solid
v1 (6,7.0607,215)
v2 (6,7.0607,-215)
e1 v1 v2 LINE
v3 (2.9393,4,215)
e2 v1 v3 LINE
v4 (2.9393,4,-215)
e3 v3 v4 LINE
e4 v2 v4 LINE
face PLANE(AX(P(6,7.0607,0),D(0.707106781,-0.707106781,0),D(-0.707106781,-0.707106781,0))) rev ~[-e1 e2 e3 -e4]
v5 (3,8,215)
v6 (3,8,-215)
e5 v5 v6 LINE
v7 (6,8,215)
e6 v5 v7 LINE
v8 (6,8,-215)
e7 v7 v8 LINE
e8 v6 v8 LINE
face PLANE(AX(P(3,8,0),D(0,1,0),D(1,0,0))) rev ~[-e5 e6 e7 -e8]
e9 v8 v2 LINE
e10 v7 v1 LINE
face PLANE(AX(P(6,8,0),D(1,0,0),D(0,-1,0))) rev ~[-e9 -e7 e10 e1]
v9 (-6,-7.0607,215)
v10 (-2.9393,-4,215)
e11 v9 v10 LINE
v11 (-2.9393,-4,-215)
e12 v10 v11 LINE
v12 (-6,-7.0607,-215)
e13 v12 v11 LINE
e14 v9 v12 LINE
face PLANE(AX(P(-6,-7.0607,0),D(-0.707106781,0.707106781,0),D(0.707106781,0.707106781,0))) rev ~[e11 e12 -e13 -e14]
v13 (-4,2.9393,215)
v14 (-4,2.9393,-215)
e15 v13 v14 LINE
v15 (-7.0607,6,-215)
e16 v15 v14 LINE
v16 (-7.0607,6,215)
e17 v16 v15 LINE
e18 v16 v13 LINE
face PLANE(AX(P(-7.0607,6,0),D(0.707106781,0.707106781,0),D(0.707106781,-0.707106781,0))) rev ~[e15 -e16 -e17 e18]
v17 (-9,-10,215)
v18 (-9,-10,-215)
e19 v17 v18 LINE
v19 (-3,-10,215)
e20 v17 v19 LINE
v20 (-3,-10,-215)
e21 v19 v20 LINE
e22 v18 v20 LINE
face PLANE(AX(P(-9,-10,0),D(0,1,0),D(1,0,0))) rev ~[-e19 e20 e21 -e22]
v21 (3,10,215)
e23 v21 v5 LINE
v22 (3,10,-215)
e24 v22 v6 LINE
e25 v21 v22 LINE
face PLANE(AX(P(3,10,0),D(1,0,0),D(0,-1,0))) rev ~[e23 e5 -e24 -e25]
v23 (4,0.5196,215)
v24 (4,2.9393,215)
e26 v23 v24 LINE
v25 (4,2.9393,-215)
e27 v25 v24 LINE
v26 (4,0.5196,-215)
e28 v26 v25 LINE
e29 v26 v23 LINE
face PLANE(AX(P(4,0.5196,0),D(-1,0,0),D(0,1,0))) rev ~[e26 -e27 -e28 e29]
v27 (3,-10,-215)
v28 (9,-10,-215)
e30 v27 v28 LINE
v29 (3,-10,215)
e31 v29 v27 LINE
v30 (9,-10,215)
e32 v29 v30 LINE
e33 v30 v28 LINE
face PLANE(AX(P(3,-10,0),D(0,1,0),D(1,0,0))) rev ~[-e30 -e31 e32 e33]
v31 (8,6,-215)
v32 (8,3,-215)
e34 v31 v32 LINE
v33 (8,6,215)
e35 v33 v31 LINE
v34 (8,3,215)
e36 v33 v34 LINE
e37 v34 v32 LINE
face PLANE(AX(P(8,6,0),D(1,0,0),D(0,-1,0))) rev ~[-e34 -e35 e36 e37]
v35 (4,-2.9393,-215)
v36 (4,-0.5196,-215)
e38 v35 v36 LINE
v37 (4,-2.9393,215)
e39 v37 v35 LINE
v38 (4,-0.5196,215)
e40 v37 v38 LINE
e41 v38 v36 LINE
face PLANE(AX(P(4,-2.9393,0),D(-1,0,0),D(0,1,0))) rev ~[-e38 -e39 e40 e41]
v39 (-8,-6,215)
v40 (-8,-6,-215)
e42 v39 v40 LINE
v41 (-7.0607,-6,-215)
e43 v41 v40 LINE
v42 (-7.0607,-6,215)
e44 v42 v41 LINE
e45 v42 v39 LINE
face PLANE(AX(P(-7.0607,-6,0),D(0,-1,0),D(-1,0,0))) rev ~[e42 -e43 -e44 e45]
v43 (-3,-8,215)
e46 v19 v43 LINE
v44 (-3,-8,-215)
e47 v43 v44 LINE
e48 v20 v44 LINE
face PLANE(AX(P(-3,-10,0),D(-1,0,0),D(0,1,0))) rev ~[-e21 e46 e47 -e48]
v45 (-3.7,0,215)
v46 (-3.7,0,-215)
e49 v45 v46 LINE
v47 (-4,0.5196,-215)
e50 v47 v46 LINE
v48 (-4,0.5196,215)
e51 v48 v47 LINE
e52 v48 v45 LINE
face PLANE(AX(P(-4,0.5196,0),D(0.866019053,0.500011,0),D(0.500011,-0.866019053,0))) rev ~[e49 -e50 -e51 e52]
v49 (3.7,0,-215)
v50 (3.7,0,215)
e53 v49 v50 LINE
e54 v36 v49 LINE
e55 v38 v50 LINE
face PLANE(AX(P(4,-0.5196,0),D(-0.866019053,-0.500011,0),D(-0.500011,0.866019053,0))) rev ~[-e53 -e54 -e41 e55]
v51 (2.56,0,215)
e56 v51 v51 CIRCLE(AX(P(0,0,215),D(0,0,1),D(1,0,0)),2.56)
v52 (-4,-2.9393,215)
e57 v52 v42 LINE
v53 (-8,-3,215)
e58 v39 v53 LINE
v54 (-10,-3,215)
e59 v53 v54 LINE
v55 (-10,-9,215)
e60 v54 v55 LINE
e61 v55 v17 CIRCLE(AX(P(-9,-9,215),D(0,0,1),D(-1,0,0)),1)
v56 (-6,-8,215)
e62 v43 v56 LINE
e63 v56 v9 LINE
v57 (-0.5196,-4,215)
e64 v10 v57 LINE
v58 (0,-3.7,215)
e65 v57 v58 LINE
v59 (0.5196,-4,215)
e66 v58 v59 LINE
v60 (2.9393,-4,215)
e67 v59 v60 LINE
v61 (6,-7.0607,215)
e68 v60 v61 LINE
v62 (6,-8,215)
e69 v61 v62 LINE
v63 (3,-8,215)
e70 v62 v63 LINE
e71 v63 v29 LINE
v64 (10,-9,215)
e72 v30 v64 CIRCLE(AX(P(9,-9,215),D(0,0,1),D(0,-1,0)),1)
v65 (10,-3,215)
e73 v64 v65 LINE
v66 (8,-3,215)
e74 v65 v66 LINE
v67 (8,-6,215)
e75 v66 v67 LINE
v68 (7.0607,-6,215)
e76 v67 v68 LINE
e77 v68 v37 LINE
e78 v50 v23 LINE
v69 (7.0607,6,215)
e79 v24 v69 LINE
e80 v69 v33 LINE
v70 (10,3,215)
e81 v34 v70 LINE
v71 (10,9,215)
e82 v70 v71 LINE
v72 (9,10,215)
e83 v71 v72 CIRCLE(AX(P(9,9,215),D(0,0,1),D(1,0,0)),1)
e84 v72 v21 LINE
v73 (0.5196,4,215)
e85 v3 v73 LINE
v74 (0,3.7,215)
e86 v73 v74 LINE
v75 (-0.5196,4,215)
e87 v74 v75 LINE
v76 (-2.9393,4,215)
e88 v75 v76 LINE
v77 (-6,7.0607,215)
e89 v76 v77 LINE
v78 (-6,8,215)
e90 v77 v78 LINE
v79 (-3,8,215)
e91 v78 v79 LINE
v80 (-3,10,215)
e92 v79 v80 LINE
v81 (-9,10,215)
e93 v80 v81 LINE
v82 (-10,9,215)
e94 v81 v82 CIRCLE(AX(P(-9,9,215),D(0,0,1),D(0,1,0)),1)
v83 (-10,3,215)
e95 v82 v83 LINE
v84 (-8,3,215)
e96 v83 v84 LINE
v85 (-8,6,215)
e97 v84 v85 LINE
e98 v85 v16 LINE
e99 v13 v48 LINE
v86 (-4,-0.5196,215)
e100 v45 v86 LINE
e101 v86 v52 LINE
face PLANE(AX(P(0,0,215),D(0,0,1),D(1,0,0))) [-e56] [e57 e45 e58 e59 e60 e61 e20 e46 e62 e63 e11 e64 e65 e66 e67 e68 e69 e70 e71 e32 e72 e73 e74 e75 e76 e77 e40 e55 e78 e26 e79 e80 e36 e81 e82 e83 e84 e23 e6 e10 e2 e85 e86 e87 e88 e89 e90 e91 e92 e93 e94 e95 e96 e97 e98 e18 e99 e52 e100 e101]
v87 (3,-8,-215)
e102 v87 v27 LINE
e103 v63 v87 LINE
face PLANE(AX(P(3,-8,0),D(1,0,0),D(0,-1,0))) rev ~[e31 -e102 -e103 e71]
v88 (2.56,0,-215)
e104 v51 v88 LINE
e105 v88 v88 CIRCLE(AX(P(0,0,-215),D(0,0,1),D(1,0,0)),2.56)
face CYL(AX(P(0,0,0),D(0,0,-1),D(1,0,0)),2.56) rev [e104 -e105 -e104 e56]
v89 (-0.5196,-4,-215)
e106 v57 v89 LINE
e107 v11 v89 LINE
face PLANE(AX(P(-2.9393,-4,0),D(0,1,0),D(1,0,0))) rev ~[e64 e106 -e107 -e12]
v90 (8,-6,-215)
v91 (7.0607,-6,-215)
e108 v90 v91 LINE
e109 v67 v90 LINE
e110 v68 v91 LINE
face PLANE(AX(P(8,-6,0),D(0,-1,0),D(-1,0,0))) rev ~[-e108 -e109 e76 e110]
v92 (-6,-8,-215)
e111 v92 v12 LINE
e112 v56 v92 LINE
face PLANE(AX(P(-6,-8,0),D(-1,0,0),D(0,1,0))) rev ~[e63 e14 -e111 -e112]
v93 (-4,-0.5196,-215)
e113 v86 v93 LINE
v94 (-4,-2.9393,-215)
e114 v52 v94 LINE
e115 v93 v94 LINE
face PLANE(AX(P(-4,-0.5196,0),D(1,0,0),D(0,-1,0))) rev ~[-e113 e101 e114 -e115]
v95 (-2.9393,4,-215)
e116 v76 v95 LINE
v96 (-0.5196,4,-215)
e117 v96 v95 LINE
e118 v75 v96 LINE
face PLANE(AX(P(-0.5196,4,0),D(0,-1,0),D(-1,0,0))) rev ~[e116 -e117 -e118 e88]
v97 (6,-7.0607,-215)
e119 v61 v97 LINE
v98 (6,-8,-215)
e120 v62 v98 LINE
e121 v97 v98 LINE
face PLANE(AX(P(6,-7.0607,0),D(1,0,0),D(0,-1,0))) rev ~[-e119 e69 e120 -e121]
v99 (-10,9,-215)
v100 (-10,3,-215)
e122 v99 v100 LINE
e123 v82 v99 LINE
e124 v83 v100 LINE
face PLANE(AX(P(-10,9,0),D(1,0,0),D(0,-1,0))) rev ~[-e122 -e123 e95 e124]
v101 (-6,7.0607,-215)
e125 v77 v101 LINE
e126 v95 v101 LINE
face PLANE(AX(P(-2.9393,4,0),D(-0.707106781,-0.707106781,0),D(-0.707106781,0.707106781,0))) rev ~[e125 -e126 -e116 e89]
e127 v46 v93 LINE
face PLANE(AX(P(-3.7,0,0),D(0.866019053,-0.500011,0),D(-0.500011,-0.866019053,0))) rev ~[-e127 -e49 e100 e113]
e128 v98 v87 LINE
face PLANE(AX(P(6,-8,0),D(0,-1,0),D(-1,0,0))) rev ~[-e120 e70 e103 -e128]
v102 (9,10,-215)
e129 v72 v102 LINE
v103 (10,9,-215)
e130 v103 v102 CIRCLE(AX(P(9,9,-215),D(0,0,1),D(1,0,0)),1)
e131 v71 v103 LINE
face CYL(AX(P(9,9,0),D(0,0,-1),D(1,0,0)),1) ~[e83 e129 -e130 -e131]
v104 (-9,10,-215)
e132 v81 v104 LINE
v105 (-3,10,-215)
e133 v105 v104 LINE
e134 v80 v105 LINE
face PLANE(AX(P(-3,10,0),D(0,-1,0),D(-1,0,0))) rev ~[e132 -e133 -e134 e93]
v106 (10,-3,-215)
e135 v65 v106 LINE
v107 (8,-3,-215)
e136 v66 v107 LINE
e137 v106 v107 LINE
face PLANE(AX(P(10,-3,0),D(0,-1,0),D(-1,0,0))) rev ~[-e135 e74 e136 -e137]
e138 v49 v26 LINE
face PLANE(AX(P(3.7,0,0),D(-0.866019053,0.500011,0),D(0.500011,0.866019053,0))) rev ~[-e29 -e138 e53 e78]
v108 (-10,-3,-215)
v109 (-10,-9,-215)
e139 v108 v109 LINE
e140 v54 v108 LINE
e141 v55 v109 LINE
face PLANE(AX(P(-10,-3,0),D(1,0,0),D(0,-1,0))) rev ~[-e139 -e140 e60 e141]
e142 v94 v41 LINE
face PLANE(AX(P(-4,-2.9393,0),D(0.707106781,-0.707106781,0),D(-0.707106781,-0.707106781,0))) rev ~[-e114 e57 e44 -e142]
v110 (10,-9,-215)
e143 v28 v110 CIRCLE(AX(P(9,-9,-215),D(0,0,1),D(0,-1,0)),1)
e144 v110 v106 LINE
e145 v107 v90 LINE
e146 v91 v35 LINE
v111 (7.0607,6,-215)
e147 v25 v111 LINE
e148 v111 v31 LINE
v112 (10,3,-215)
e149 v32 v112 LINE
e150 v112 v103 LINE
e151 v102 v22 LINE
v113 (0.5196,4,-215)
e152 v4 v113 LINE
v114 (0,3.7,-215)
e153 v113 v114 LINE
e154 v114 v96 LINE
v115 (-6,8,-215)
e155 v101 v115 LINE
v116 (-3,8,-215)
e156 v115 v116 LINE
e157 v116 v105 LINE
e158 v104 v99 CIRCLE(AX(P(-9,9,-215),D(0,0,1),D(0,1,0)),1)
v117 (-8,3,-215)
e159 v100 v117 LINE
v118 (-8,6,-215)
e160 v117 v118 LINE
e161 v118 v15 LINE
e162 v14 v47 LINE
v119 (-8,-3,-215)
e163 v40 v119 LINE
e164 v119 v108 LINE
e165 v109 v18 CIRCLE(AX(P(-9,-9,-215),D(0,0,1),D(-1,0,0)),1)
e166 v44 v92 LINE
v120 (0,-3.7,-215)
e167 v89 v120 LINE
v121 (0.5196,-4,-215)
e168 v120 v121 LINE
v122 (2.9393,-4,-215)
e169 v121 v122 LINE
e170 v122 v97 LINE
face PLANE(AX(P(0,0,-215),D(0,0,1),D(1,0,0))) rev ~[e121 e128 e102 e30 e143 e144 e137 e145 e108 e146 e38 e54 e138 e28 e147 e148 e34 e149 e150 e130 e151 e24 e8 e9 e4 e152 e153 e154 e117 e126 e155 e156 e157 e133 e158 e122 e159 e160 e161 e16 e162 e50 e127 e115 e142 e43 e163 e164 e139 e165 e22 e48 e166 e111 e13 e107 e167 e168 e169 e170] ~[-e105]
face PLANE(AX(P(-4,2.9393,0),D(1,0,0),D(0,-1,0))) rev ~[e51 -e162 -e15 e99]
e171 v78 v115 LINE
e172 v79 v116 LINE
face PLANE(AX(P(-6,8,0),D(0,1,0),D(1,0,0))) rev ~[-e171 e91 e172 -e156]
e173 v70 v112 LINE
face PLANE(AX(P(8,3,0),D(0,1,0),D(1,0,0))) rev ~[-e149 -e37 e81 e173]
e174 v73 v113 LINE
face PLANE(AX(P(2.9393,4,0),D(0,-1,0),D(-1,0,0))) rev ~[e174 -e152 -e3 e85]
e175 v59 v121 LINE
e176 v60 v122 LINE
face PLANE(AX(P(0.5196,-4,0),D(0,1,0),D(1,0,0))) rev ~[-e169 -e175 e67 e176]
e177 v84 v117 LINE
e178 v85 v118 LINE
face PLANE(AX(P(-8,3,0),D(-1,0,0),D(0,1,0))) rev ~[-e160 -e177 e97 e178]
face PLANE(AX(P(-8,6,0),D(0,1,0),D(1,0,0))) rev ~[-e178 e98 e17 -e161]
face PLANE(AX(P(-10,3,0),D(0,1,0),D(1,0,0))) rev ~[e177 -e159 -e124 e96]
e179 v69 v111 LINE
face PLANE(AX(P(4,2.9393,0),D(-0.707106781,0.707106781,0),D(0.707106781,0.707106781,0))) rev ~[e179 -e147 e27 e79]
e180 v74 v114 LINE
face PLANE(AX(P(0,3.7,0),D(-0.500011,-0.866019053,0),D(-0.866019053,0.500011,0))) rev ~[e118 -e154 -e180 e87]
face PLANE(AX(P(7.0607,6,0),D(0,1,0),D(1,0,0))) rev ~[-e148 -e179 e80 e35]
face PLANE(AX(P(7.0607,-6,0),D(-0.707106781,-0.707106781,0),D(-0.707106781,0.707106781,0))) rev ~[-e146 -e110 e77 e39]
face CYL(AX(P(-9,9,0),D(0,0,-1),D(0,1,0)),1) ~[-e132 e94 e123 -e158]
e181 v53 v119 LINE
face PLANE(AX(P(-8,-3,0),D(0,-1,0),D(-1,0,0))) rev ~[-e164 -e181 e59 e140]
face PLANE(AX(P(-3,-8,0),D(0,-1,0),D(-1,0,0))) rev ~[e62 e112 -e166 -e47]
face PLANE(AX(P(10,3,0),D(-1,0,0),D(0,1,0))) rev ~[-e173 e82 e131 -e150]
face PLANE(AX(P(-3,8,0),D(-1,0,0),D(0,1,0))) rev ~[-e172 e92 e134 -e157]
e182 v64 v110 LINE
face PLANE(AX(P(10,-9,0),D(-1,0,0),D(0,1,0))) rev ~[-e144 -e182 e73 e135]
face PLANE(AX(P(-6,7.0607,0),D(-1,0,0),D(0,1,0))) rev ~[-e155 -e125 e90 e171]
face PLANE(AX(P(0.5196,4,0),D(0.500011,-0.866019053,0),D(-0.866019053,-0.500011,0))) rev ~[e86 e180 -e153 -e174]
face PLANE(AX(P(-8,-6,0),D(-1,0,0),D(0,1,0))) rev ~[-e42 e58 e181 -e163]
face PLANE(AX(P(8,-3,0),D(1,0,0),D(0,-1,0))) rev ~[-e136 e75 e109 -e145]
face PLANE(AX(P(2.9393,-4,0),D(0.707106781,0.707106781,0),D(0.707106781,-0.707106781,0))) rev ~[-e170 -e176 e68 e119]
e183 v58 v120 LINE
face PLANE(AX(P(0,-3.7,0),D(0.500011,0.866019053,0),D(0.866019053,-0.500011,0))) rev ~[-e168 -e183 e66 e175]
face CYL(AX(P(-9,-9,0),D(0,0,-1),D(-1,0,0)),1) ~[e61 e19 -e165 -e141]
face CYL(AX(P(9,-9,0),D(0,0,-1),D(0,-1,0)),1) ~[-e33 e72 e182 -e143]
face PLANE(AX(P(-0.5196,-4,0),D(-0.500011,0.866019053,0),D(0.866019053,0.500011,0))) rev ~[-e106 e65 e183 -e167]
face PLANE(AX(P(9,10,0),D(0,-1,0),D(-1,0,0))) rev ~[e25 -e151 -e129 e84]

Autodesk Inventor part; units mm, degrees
ref_plane "YZ Plane" through (0, 0, 0) normal (1, 0, 0) x (0, 1, 0)
ref_plane "XZ Plane" through (0, 0, 0) normal (0, 1, 0) x (-1, 0, 0)
ref_plane "XY Plane" through (0, 0, 0) normal (0, 0, 1) x (1, 0, 0)
sketch "Skizze1" plane through (0, 0, 0) normal (0, 0, 1) x (1, 0, 0)
  line L0 (3.7, 0) -> (4, 0.5196)
  line L1 (4, 0.5196) -> (4, 2.9393)
  line L2 (4, 2.9393) -> (7.0607, 6)
  line L3 (7.0607, 6) -> (8, 6)
  line L4 (8, 6) -> (8, 3)
  line L5 (8, 3) -> (10, 3)
  line L6 (10, 3) -> (10, 9)
  arc A0 (10, 9) -> (9, 10) centre (9, 9) ccw
  line L7 (9, 10) -> (3, 10)
  line L8 (3, 10) -> (3, 8)
  line L9 (3, 8) -> (6, 8)
  line L10 (6, 8) -> (6, 7.0607)
  line L11 (6, 7.0607) -> (2.9393, 4)
  line L12 (2.9393, 4) -> (0.5196, 4)
  line L13 (0.5196, 4) -> (0, 3.7)
  circle A1 centre (0, 0) radius 2.56
  line L14 (0, 0) -> (9.7071, 9.7071) construction
  line L15 (-14.2899, 0) -> (14.2899, 0) construction
  line L16 (0, -14.2899) -> (0, 14.2899) construction
  line L17 (0, 3.7) -> (-0.5196, 4)
  line L18 (-0.5196, 4) -> (-2.9393, 4)
  line L19 (-3, 8) -> (-3, 10)
  line L20 (-4, 0.5196) -> (-3.7, 0)
  line L21 (-4, 2.9393) -> (-4, 0.5196)
  line L22 (-6, 7.0607) -> (-6, 8)
  line L23 (-6, 8) -> (-3, 8)
  line L24 (-7.0607, 6) -> (-4, 2.9393)
  line L25 (0, 0) -> (-9.7071, 9.7071) construction
  line L26 (-8, 6) -> (-7.0607, 6)
  line L27 (-2.9393, 4) -> (-6, 7.0607)
  line L28 (-8, 3) -> (-8, 6)
  line L29 (-10, 3) -> (-8, 3)
  arc A2 (-9, 10) -> (-10, 9) centre (-9, 9) ccw
  line L30 (-10, 9) -> (-10, 3)
  line L31 (-3, 10) -> (-9, 10)
  line L32 (-3.7, 0) -> (-4, -0.5196)
  line L33 (-4, -0.5196) -> (-4, -2.9393)
  line L34 (-8, -3) -> (-10, -3)
  line L35 (-0.5196, -4) -> (0, -3.7)
  line L36 (-2.9393, -4) -> (-0.5196, -4)
  line L37 (-7.0607, -6) -> (-8, -6)
  line L38 (-8, -6) -> (-8, -3)
  line L39 (-6, -7.0607) -> (-2.9393, -4)
  line L40 (0, 0) -> (-9.7071, -9.7071) construction
  line L41 (-6, -8) -> (-6, -7.0607)
  line L42 (-4, -2.9393) -> (-7.0607, -6)
  line L43 (-3, -8) -> (-6, -8)
  line L44 (-3, -10) -> (-3, -8)
  arc A3 (-10, -9) -> (-9, -10) centre (-9, -9) ccw
  line L45 (-9, -10) -> (-3, -10)
  line L46 (-10, -3) -> (-10, -9)
  line L47 (0, -3.7) -> (0.5196, -4)
  line L48 (0.5196, -4) -> (2.9393, -4)
  line L49 (3, -8) -> (3, -10)
  line L50 (4, -0.5196) -> (3.7, 0)
  line L51 (4, -2.9393) -> (4, -0.5196)
  line L52 (6, -7.0607) -> (6, -8)
  line L53 (6, -8) -> (3, -8)
  line L54 (7.0607, -6) -> (4, -2.9393)
  line L55 (0, 0) -> (9.7071, -9.7071) construction
  line L56 (8, -6) -> (7.0607, -6)
  line L57 (2.9393, -4) -> (6, -7.0607)
  line L58 (8, -3) -> (8, -6)
  line L59 (10, -3) -> (8, -3)
  arc A4 (9, -10) -> (10, -9) centre (9, -9) ccw
  line L60 (10, -9) -> (10, -3)
  line L61 (3, -10) -> (9, -10)
  point P0 (-3.7, 0)
  point P1 (0, -3.7)
  dimension "d14" = 1.5
  dimension "d15" = 3
  dimension "d16" = 4
  dimension "d17" = 0.3
  dimension "d18" = 2
  dimension "d19" = 6
  dimension "d20" = 10
  dimension "d21" = 10
  dimension "d22" = 2
  dimension "d23" = 3
  dimension "d24" = 6
  dimension "d25" = 1
  dimension "d26" = 4
  dimension "d27" = 0.3
  dimension "d28" = 0.5196
  dimension "d29" = 0.5196
  dimension "d30" = 5.12
  dimension "d33" = 360
extrude "Extrusion1" add sketch "Skizze1" along normal mid plane 430
properties part number "Extrusion_20x20x430" material "Aluminium 6061"
